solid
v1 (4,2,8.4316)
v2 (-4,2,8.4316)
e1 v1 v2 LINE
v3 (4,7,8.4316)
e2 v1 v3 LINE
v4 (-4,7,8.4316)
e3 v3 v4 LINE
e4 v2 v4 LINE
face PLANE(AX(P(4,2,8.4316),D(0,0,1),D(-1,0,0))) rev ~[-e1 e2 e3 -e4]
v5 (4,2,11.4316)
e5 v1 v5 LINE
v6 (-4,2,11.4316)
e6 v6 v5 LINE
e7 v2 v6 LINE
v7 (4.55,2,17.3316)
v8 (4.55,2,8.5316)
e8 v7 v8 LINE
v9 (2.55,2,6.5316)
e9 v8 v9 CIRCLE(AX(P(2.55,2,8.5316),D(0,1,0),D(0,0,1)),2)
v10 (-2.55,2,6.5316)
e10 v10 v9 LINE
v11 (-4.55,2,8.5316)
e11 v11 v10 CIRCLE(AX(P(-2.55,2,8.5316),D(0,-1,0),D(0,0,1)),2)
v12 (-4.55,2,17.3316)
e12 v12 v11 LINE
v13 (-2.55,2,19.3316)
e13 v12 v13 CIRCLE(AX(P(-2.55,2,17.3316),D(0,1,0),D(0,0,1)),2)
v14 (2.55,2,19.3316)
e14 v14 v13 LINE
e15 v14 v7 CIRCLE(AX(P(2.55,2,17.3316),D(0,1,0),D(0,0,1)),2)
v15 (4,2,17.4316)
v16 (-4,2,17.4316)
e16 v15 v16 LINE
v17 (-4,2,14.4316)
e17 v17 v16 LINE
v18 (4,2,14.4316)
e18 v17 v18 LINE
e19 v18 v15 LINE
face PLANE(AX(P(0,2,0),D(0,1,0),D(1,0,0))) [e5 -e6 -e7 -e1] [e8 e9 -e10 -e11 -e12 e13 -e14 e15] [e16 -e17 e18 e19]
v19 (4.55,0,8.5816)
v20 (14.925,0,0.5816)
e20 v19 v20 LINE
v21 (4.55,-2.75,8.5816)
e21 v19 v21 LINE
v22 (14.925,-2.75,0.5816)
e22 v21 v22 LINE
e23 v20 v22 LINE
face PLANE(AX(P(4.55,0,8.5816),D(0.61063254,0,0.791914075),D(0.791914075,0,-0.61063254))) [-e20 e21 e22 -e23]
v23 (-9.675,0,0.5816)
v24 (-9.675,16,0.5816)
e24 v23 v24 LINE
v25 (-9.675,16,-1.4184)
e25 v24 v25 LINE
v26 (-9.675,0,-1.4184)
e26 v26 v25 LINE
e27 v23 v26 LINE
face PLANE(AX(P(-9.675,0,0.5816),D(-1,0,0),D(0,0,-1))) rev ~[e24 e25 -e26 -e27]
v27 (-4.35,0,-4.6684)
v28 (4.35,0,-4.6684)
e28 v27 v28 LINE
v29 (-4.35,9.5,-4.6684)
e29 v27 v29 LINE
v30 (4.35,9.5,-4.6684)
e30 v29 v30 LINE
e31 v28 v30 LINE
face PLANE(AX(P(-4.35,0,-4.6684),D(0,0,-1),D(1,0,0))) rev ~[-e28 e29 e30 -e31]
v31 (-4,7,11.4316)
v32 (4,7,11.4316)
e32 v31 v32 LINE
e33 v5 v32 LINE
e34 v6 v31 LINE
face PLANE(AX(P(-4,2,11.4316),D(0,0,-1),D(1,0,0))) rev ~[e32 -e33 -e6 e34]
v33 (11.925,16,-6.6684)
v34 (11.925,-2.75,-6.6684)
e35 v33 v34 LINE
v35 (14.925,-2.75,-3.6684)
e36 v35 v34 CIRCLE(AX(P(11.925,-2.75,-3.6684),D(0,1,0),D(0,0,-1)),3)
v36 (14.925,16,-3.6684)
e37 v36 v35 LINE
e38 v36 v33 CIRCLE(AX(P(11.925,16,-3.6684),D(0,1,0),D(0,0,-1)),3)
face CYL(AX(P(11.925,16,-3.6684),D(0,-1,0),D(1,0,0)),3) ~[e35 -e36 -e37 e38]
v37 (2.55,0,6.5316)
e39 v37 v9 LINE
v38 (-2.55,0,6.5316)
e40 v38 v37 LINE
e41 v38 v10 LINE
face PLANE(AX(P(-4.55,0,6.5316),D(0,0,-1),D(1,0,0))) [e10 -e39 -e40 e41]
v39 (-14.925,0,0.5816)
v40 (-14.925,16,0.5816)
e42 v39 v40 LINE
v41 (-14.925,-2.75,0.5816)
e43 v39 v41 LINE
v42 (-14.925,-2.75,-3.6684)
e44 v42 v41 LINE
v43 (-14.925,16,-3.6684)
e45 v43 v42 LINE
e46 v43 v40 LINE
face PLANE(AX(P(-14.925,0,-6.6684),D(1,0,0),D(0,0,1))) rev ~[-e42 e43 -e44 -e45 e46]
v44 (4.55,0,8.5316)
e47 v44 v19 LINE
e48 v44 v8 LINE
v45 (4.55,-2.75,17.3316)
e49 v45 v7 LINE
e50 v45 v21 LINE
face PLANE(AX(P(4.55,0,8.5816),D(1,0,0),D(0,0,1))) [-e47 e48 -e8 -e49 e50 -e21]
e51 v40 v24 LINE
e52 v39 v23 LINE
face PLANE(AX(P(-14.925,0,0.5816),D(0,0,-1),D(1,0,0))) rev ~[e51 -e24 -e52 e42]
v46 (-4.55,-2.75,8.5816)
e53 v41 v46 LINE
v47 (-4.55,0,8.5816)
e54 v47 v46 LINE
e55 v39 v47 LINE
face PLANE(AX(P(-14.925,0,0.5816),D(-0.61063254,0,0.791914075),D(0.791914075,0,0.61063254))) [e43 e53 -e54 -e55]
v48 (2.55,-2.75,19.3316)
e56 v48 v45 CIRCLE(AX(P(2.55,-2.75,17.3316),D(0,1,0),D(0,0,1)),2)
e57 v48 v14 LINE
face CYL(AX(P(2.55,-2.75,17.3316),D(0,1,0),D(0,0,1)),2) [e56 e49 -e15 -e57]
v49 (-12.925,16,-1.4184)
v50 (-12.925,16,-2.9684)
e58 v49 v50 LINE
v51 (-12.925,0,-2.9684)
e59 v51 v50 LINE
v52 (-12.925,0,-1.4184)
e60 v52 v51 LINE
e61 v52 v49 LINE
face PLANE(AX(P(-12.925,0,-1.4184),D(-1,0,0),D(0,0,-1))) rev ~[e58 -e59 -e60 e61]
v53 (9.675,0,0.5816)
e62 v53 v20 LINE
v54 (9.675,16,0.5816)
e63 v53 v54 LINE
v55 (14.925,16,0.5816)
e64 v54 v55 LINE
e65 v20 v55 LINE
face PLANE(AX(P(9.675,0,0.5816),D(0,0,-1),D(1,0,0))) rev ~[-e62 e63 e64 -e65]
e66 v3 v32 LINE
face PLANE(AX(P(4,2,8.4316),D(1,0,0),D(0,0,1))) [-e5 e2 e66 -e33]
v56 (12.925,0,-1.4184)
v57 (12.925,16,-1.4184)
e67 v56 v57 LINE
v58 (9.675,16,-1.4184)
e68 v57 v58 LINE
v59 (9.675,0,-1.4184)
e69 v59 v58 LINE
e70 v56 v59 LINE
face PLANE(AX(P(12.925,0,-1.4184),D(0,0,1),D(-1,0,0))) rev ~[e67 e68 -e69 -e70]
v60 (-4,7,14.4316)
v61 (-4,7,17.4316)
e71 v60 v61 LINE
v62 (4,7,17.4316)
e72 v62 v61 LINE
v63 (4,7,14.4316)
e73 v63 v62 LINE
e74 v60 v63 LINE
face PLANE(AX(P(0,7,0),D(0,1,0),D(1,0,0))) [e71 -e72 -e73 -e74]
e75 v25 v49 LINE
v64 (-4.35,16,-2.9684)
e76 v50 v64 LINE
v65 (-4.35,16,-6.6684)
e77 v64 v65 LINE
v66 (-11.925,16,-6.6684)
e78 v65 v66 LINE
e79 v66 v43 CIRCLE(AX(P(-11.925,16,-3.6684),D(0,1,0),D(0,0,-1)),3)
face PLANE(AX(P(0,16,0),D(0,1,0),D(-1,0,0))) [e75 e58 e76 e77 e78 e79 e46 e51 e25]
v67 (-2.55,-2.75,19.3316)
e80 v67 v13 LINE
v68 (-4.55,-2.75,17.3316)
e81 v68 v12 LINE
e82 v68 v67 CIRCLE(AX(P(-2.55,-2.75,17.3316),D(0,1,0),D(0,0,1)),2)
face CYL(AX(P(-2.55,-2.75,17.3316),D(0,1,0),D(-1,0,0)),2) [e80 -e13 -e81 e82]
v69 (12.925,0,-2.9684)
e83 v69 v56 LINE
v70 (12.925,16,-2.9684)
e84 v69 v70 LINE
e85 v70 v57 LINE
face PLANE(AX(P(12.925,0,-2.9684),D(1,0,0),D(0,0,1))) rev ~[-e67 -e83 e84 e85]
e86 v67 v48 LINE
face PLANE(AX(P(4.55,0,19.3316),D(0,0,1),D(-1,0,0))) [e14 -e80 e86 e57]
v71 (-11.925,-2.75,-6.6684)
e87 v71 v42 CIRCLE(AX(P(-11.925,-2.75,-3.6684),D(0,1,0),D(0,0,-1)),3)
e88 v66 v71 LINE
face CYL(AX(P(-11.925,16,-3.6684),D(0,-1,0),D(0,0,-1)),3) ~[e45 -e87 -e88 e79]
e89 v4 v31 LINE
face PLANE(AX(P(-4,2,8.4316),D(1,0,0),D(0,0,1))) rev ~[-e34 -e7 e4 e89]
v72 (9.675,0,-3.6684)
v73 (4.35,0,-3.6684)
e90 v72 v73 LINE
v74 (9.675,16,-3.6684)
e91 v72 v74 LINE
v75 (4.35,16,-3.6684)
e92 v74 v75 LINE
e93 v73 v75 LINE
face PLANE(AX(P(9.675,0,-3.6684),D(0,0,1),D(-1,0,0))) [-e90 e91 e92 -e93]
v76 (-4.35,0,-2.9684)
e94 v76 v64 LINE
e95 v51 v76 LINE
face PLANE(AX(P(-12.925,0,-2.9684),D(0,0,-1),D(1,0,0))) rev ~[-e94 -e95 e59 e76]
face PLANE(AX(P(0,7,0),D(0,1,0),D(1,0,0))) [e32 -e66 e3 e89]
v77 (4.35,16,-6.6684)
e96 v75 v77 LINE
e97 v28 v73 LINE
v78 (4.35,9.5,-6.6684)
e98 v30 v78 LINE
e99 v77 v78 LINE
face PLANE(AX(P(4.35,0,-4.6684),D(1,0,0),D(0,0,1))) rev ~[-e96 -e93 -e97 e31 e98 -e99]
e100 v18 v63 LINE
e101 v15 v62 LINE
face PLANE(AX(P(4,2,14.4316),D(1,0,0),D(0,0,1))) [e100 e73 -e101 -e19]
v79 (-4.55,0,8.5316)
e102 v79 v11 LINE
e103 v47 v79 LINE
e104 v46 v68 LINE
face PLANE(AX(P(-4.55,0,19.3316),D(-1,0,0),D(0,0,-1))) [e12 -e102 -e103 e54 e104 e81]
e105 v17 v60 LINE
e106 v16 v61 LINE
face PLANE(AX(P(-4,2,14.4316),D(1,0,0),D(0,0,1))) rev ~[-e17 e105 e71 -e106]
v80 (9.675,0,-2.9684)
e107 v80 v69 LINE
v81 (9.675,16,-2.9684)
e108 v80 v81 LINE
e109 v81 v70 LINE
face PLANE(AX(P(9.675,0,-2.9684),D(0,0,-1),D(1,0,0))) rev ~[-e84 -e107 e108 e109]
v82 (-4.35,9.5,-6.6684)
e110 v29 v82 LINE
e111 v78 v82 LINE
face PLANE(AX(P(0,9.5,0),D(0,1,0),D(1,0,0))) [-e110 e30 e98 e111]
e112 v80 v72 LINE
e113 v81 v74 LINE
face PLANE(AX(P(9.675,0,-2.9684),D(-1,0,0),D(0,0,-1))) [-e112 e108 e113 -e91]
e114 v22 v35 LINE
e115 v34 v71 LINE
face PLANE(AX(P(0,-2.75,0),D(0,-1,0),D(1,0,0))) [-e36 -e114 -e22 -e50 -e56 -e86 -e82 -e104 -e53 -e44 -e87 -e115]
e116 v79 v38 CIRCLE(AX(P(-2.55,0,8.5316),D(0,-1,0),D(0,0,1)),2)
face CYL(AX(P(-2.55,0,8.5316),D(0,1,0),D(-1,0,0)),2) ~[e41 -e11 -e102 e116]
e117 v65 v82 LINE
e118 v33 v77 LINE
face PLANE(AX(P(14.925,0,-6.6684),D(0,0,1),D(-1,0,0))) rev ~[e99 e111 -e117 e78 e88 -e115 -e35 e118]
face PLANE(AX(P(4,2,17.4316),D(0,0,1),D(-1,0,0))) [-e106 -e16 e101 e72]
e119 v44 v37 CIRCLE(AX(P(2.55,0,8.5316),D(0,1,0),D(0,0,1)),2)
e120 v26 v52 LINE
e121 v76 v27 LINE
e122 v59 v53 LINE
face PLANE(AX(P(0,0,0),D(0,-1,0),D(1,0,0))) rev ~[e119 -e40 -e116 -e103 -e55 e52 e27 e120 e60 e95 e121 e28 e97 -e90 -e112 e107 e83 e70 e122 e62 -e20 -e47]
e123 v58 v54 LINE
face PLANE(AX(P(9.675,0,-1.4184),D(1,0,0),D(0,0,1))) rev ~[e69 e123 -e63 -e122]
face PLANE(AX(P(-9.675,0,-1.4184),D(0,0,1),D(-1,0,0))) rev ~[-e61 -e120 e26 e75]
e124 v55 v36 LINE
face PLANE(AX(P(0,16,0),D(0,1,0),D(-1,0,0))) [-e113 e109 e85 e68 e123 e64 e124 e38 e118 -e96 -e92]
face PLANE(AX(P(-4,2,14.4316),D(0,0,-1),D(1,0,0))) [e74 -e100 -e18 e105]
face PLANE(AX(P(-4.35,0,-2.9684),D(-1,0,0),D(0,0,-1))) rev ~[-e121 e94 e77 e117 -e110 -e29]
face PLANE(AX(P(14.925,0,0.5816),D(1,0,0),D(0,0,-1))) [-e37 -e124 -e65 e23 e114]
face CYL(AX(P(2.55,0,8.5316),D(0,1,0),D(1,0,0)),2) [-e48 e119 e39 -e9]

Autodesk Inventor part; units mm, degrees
ref_plane "YZ Plane" through (0, 0, 0) normal (1, 0, 0) x (0, 1, 0)
ref_plane "XZ Plane" through (0, 0, 0) normal (0, 1, 0) x (-1, 0, 0)
ref_plane "XY Plane" through (0, 0, 0) normal (0, 0, 1) x (1, 0, 0)
sketch "Sketch2" plane through (0, 0, 0) normal (0, 1, 0) x (-1, 0, 0)
  line L0 (16, -6.6684) -> (16, 6.6684)
  line L1 (9.675, -1.4184) -> (12.925, -1.4184)
  line L2 (12.925, -1.4184) -> (12.925, -2.9684)
  line L3 (12.925, -2.9684) -> (4.35, -2.9684)
  line L4 (4.35, -2.9684) -> (4.35, -4.6684)
  line L5 (4.35, -4.6684) -> (-4.35, -4.6684)
  line L6 (-4.35, -4.6684) -> (-4.35, -3.6684)
  line L7 (-9.675, -2.9684) -> (-12.925, -2.9684)
  line L8 (-12.925, -2.9684) -> (-12.925, -1.4184)
  line L9 (-12.925, -1.4184) -> (-9.675, -1.4184)
  line L10 (-9.675, -1.4184) -> (-9.675, 0.5816)
  line L11 (-9.675, 0.5816) -> (-14.925, 0.5816)
  line L12 (-14.925, 0.5816) -> (-14.925, -6.6684)
  line L13 (14.925, -6.6684) -> (14.925, 0.5816)
  line L14 (14.925, 0.5816) -> (9.675, 0.5816)
  line L15 (9.675, 0.5816) -> (9.675, -1.4184)
  line L16 (-9.675, -2.9684) -> (-9.675, -3.6684)
  line L17 (-9.675, -3.6684) -> (-4.35, -3.6684)
  line L18 (-16, -6.6684) -> (16, -6.6684)
  line L19 (0, 0) -> (0, -6.6684) construction
  dimension "d2" = 25.25
  dimension "d5" = 0.95
  dimension "d11" = 0.7
  dimension "d13" = 2
  dimension "d14" = 2
  dimension "d16" = 1.1
  dimension "d22" = 8.1
  dimension "d23" = 3.25
  dimension "d24" = 2
extrude "Extrusion2" add sketch "Sketch2" along normal blind 16
sketch "Sketch4" plane through (0, 16, 0) normal (0, 1, 0) x (1, 0, 0)
  line L0 (-4.35, 4.6684) -> (4.35, 4.6684) projected
  line L1 (14.925, 6.6684) -> (-14.925, 6.6684) projected
  line L2 (-4.35, 4.6684) -> (-4.35, 6.6684)
  line L3 (4.35, 4.6684) -> (4.35, 6.6684)
  point P0 (0, 0)
extrude "Extrusion4" cut sketch "Sketch4" against normal blind 6.5
sketch "Sketch5" plane through (0, 0, 0) normal (0, -1, 0) x (1, 0, 0)
  line L0 (-9.675, -1.4184) -> (-12.925, -1.4184) projected
  line L1 (-9.675, 0.5816) -> (-9.675, -1.4184) projected
  line L2 (-14.925, 0.5816) -> (-9.675, 0.5816) projected
  line L3 (-14.925, -6.6684) -> (-14.925, 0.5816) projected
  line L4 (14.925, -6.6684) -> (-14.925, -6.6684) projected
  line L5 (14.925, 0.5816) -> (14.925, -6.6684) projected
  line L6 (9.675, 0.5816) -> (14.925, 0.5816) projected
  line L7 (9.675, -1.4184) -> (9.675, 0.5816) projected
  line L8 (12.925, -1.4184) -> (9.675, -1.4184) projected
  line L9 (12.925, -2.9684) -> (12.925, -1.4184) projected
  line L10 (9.675, -2.9684) -> (12.925, -2.9684) projected
  line L11 (9.675, -3.6684) -> (9.675, -2.9684) projected
  line L12 (4.35, -3.6684) -> (9.675, -3.6684) projected
  line L13 (4.35, -4.6684) -> (4.35, -3.6684) projected
  line L14 (-4.35, -4.6684) -> (4.35, -4.6684) projected
  line L15 (-4.35, -2.9684) -> (-4.35, -4.6684) projected
  line L16 (-12.925, -2.9684) -> (-4.35, -2.9684) projected
  line L17 (-12.925, -1.4184) -> (-12.925, -2.9684) projected
  line L18 (-14.925, 0.5816) -> (-4.55, 8.5816)
  line L19 (-4.55, 8.5816) -> (-4.55, 19.3316)
  line L20 (-4.55, 19.3316) -> (4.55, 19.3316)
  line L21 (4.55, 19.3316) -> (4.55, 8.5816)
  line L22 (4.55, 8.5816) -> (14.925, 0.5816)
  line L23 (0, -6.6684) -> (0, 19.3316) construction
  point P0 (0, 0)
  dimension "d27" = 9.5
  dimension "d28" = 26
  dimension "d29" = 8
extrude "Extrusion5" add sketch "Sketch5" along normal blind 2.75
sketch "Sketch6" plane through (0, 0, 0) normal (0, 1, 0) x (1, 0, 0)
  line L0 (-4.55, -19.3316) -> (-4.55, -8.5816) projected
  line L1 (4.55, -19.3316) -> (-4.55, -19.3316) projected
  line L2 (4.55, -8.5816) -> (4.55, -19.3316) projected
  line L3 (-4.55, -8.5816) -> (-4.55, -6.5316)
  line L4 (-4.55, -6.5316) -> (4.55, -6.5316)
  line L5 (4.55, -6.5316) -> (4.55, -8.5816)
  point P0 (0, 0)
  dimension "d32" = 13.2
extrude "Extrusion6" add sketch "Sketch6" along normal blind 2
fillet "Fillet1" radius 2 4 edges at (-4.55, 1, 6.5316) (4.55, 1, 6.5316) (-4.55, -0.375, 19.3316) (4.55, -0.375, 19.3316)
sketch "Sketch7" plane through (0, 2, 0) normal (0, 1, 0) x (1, 0, 0)
  line L0 (4.55, -17.3316) -> (4.55, -8.5316) projected
  line L1 (2.55, -6.5316) -> (-2.55, -6.5316) projected
  line L2 (-4.55, -8.5316) -> (-4.55, -17.3316) projected
  line L3 (-2.55, -19.3316) -> (2.55, -19.3316) projected
  line L4 (-4, -11.4316) -> (4, -11.4316)
  line L5 (4, -8.4316) -> (-4, -8.4316)
  line L6 (-4, -14.4316) -> (4, -14.4316)
  line L7 (4, -17.4316) -> (-4, -17.4316)
  line L8 (-4.55, -12.9316) -> (4.55, -12.9316) construction
  line L9 (0, -6.5316) -> (0, -19.3316) construction
  line L10 (-4, -8.4316) -> (-4, -11.4316)
  line L11 (-4, -14.4316) -> (-4, -17.4316)
  line L12 (4, -8.4316) -> (4, -11.4316)
  line L13 (4, -14.4316) -> (4, -17.4316)
  point P0 (0, 0)
  dimension "d36" = 3
  dimension "d37" = 3
  dimension "d38" = 3
  dimension "d39" = 8
extrude "Extrusion7" add sketch "Sketch7" along normal blind 5
fillet "Fillet2" radius 3 2 edges at (14.925, 6.625, -6.6684) (-14.925, 6.625, -6.6684)
equation "\"d13\" = d14"
properties part number "PiCam Holder"
